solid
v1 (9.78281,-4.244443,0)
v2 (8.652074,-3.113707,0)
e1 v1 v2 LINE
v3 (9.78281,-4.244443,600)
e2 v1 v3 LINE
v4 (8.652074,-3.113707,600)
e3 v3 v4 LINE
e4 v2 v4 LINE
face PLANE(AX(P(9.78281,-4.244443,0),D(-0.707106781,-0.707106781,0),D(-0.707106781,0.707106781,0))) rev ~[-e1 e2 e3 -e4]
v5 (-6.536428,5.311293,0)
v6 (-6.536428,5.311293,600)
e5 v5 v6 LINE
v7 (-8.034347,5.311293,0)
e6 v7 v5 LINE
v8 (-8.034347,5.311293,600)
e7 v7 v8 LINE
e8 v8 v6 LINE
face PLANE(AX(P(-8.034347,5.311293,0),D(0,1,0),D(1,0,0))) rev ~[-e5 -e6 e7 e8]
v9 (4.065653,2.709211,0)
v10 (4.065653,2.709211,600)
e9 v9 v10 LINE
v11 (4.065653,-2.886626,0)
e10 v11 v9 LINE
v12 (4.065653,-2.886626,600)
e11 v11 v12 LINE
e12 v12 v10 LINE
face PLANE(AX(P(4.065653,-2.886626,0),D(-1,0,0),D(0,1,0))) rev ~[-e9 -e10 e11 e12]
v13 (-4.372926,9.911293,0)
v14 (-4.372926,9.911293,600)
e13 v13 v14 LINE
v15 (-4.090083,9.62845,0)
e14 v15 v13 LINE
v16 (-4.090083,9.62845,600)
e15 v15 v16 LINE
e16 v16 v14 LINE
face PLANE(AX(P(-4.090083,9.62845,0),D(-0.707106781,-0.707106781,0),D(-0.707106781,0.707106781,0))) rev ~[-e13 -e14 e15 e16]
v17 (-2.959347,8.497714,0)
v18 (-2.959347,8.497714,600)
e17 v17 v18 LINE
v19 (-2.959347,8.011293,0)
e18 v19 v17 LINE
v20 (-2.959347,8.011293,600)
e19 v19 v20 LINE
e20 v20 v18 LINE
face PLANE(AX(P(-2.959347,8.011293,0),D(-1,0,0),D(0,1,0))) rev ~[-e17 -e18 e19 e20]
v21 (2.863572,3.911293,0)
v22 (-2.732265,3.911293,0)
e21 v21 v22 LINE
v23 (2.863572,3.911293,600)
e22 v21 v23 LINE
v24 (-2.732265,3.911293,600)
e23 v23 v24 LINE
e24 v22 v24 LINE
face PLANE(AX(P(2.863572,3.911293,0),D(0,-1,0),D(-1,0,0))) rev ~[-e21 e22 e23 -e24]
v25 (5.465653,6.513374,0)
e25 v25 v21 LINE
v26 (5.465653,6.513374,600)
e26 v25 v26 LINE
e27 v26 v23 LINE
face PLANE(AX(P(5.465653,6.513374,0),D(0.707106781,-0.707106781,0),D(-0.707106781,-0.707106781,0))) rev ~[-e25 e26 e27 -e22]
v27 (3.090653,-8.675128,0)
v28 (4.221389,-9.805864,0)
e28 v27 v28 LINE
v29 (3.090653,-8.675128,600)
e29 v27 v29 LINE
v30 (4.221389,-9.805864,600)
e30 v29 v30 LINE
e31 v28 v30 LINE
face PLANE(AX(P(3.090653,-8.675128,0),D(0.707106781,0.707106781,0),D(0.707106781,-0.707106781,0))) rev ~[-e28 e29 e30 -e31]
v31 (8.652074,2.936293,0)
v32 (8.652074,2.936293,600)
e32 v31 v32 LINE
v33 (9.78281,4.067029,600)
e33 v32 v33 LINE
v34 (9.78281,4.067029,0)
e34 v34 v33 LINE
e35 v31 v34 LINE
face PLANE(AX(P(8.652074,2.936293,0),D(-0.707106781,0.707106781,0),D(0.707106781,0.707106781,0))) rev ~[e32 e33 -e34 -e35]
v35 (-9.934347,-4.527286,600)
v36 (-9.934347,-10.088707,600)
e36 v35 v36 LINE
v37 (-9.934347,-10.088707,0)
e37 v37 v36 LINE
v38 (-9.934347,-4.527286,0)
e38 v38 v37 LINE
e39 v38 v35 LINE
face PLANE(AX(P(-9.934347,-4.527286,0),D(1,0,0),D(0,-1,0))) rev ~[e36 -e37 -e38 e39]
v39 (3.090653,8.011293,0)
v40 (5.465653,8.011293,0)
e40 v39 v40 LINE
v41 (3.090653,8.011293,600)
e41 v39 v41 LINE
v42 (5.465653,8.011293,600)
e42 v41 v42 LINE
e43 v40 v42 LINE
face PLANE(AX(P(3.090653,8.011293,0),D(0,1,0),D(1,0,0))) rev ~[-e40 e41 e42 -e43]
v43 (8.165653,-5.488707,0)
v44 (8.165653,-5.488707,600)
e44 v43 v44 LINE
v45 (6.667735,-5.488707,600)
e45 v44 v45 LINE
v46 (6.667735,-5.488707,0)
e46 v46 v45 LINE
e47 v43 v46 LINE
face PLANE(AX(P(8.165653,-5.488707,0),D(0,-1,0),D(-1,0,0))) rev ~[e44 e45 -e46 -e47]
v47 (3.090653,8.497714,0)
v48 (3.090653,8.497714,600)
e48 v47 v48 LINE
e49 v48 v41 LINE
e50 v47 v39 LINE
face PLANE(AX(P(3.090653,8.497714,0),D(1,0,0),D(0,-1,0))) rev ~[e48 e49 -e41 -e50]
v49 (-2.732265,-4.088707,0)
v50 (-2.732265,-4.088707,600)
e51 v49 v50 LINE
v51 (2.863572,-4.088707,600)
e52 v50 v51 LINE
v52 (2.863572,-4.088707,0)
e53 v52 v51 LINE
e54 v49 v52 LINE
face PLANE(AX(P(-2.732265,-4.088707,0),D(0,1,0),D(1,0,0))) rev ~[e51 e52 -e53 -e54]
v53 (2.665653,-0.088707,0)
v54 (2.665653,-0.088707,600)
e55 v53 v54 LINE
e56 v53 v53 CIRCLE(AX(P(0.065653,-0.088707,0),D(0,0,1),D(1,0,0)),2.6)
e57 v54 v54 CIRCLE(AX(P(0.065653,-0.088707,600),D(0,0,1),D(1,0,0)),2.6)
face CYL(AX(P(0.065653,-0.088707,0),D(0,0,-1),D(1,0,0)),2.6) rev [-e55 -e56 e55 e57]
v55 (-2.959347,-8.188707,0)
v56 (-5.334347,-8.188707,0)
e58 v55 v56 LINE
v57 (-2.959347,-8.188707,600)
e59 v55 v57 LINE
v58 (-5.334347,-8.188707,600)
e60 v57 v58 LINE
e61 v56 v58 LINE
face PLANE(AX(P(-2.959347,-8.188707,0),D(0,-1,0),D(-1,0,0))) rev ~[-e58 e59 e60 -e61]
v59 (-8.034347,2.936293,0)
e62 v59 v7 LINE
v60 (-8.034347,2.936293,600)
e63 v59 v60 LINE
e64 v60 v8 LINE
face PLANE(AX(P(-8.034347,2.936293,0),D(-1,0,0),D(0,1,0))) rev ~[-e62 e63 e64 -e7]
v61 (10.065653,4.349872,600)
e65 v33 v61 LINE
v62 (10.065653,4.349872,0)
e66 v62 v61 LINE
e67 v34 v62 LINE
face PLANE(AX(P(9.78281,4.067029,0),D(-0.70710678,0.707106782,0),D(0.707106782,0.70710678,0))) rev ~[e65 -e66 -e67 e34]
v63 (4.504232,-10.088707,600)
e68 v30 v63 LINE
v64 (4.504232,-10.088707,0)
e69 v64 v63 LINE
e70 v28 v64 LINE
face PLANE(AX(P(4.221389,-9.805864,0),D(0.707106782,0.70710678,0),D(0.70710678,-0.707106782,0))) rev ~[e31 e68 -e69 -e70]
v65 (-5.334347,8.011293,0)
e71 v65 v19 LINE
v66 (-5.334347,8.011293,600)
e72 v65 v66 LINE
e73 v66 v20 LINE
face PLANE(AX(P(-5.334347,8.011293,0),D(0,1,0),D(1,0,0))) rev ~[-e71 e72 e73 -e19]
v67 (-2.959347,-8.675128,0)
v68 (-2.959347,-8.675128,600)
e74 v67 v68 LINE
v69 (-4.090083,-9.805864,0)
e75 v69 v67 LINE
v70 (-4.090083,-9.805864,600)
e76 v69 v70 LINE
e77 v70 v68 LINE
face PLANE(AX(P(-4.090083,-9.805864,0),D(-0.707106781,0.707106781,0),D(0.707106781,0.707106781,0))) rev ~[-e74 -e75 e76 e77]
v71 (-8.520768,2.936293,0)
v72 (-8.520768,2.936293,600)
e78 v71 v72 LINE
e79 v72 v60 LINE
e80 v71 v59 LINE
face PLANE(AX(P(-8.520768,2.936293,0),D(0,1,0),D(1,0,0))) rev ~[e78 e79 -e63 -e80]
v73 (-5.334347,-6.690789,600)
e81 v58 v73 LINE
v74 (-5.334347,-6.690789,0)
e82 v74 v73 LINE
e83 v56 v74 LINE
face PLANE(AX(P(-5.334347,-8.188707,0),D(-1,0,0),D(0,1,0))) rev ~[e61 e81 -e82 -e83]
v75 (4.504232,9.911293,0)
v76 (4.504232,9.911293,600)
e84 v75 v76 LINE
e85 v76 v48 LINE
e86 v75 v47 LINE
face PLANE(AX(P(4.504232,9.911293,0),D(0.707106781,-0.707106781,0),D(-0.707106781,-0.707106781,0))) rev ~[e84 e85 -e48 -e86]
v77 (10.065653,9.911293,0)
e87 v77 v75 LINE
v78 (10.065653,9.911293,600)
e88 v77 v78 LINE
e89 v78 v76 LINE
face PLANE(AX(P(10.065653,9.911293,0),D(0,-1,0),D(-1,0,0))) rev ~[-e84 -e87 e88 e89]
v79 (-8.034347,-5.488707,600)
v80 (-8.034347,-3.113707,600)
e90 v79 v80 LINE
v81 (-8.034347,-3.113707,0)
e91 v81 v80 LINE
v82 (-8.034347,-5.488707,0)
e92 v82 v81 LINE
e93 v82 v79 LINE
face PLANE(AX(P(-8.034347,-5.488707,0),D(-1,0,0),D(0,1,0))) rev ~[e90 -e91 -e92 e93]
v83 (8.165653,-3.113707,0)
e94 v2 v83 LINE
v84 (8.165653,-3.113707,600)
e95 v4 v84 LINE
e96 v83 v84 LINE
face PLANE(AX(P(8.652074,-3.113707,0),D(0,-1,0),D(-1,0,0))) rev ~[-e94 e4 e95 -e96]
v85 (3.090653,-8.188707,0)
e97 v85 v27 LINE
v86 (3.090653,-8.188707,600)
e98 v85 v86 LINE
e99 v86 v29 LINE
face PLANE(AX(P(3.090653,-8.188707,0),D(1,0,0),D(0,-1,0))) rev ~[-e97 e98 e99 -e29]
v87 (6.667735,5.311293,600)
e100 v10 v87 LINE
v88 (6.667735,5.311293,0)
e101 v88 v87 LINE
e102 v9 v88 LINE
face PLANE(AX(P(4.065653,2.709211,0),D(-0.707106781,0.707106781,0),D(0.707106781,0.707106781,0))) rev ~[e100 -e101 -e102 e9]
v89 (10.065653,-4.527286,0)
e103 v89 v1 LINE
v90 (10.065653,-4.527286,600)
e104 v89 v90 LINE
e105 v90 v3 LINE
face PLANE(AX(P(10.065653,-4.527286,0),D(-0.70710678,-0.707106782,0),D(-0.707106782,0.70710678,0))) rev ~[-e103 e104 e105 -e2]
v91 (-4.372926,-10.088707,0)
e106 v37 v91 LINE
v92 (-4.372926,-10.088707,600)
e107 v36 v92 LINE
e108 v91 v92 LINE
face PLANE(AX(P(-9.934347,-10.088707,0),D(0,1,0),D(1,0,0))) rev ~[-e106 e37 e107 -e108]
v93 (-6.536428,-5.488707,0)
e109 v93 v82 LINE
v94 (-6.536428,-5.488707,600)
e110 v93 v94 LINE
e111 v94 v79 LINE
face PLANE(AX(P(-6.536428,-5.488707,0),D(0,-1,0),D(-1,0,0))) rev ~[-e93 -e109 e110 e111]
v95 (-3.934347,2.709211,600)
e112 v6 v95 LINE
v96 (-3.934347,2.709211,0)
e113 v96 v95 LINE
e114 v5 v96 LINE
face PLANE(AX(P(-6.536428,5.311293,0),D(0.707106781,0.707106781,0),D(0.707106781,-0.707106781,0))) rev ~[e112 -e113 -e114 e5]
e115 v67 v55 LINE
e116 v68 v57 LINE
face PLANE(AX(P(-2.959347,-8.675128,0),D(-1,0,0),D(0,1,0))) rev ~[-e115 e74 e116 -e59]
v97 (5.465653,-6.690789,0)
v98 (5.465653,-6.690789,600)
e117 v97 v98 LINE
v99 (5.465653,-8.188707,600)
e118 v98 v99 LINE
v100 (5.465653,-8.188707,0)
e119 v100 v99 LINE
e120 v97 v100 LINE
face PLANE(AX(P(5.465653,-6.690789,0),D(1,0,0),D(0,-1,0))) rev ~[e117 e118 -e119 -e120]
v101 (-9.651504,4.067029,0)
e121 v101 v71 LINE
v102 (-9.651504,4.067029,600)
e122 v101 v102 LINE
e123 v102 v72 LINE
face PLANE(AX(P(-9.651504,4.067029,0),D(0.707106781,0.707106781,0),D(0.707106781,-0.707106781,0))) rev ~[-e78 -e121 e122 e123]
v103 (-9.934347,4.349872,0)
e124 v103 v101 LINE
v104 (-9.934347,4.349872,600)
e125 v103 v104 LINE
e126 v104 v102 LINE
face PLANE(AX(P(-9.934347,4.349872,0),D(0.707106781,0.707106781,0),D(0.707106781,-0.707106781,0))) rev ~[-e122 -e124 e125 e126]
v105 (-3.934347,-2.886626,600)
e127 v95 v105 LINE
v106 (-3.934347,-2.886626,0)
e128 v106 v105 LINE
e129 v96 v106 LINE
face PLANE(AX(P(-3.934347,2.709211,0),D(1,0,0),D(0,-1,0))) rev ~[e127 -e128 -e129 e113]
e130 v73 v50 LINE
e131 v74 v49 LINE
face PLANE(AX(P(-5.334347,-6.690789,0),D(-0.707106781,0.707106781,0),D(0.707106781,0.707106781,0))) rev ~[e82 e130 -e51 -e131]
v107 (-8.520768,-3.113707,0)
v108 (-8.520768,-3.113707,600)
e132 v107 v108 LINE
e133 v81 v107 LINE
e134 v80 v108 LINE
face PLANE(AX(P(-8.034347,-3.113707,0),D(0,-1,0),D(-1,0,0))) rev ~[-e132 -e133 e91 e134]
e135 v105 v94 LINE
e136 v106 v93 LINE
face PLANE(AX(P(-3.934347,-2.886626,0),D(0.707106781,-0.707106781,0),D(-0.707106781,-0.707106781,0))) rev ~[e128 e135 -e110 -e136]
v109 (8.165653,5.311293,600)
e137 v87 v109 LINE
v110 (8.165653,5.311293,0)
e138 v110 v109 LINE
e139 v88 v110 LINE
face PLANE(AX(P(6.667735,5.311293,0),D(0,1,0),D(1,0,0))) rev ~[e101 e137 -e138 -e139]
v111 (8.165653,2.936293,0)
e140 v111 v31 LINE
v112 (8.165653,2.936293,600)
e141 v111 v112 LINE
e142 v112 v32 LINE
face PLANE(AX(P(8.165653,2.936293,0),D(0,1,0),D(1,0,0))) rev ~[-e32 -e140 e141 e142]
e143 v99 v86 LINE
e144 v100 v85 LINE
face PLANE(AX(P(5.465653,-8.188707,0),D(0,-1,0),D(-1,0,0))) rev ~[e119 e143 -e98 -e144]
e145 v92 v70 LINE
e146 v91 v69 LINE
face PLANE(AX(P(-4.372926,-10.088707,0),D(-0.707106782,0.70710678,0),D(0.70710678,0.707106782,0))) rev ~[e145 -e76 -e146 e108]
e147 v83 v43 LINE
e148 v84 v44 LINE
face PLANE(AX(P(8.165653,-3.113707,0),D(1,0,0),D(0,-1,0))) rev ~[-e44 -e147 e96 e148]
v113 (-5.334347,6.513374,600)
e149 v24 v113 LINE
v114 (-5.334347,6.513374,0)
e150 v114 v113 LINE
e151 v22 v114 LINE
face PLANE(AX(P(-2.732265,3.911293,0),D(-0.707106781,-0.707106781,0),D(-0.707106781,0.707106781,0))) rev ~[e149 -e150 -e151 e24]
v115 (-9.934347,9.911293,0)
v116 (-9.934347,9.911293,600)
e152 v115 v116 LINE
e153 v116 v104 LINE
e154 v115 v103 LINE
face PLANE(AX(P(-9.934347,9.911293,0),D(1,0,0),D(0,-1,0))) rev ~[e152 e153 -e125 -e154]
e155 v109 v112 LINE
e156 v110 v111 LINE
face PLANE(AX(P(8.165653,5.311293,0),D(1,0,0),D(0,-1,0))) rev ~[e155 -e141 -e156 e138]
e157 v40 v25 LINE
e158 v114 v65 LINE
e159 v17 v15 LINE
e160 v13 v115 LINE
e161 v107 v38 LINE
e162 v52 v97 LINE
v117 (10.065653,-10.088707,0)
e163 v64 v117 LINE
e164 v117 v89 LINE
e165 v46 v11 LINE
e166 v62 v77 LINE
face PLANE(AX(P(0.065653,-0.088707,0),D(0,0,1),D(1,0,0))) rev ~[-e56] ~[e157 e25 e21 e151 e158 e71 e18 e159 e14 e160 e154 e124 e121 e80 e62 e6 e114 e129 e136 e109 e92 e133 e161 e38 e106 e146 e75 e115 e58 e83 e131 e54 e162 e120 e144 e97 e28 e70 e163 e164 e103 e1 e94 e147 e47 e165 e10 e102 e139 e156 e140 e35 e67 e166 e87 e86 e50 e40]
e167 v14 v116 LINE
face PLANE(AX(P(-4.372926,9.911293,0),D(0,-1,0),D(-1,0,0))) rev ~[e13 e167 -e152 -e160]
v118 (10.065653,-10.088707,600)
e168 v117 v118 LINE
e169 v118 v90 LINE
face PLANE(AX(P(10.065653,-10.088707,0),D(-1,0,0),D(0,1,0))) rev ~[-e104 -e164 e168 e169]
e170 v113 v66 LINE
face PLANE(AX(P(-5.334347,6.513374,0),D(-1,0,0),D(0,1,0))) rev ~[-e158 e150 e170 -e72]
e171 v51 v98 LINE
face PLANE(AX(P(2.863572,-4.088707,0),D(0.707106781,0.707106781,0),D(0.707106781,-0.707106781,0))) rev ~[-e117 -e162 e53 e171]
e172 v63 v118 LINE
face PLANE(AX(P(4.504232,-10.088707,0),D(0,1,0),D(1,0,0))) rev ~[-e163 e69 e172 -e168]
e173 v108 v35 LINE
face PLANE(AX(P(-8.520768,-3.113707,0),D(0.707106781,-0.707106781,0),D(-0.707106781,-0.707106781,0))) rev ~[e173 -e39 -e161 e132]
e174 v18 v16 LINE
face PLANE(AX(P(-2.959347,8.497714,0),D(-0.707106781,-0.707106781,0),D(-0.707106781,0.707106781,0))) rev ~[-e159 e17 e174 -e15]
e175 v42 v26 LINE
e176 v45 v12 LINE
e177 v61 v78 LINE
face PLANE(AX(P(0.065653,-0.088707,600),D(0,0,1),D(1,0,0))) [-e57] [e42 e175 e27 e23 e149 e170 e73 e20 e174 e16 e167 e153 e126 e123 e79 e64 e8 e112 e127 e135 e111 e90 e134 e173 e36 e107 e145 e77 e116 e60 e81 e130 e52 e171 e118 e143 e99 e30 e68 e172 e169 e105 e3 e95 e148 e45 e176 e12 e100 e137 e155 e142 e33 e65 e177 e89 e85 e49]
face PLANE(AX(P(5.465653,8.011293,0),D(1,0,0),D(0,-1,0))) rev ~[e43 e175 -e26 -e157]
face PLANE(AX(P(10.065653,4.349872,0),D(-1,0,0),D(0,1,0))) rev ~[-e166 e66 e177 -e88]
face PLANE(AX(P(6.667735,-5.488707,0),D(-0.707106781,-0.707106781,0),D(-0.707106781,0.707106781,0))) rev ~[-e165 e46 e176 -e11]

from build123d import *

# Parameters (mm, degrees)
SKETCH_2_R      = 2.6
EXTRUDE_2_DEPTH = 600


with BuildPart() as part:
    # 草图2 → 凸台-拉伸2 (new body)
    with BuildSketch(Plane.XY):
        Polygon((4.504231687, -10.088707052), (10.065653044, -10.088707052), (10.065653044, -4.527285695), (9.782810331, -4.244442983), (8.6520744, -3.113707052), (8.165653044, -3.113707052), (8.165653044, -5.488707052), (6.667734572, -5.488707052), (4.065653044, -2.886625524), (4.065653044, 2.70921142), (6.667734572, 5.311292948), (8.165653044, 5.311292948), (8.165653044, 2.936292948), (8.6520744, 2.936292948), (9.782810331, 4.06702888), (10.065653044, 4.349871592), (10.065653044, 9.911292948), (4.504231687, 9.911292948), (4.221388975, 9.628450236), (3.090653044, 8.497714305), (3.090653044, 8.011292948), (5.465653044, 8.011292948), (5.465653044, 6.513374476), (2.863571516, 3.911292948), (-2.732265428, 3.911292948), (-5.334346956, 6.513374476), (-5.334346956, 8.011292948), (-2.959346956, 8.011292948), (-2.959346956, 8.497714305), (-4.090082888, 9.628450236), (-4.3729256, 9.911292948), (-9.934346956, 9.911292948), (-9.934346956, 4.349871592), (-9.651504244, 4.06702888), (-8.520768313, 2.936292948), (-8.034346956, 2.936292948), (-8.034346956, 5.311292948), (-6.536428484, 5.311292948), (-3.934346956, 2.70921142), (-3.934346956, -2.886625524), (-6.536428484, -5.488707052), (-8.034346956, -5.488707052), (-8.034346956, -3.113707052), (-8.520768313, -3.113707052), (-9.651504244, -4.244442983), (-9.934346956, -4.527285695), (-9.934346956, -10.088707052), (-4.3729256, -10.088707052), (-4.090082888, -9.805864339), (-2.959346956, -8.675128408), (-2.959346956, -8.188707052), (-5.334346956, -8.188707052), (-5.334346956, -6.69078858), (-2.732265428, -4.088707052), (2.863571516, -4.088707052), (5.465653044, -6.69078858), (5.465653044, -8.188707052), (3.090653044, -8.188707052), (3.090653044, -8.675128408), (4.221388975, -9.805864339), align=None)
        with Locations((0.065653044, -0.088707052)):
            Circle(SKETCH_2_R, mode=Mode.SUBTRACT)
    extrude(amount=EXTRUDE_2_DEPTH)


solid = part.part
